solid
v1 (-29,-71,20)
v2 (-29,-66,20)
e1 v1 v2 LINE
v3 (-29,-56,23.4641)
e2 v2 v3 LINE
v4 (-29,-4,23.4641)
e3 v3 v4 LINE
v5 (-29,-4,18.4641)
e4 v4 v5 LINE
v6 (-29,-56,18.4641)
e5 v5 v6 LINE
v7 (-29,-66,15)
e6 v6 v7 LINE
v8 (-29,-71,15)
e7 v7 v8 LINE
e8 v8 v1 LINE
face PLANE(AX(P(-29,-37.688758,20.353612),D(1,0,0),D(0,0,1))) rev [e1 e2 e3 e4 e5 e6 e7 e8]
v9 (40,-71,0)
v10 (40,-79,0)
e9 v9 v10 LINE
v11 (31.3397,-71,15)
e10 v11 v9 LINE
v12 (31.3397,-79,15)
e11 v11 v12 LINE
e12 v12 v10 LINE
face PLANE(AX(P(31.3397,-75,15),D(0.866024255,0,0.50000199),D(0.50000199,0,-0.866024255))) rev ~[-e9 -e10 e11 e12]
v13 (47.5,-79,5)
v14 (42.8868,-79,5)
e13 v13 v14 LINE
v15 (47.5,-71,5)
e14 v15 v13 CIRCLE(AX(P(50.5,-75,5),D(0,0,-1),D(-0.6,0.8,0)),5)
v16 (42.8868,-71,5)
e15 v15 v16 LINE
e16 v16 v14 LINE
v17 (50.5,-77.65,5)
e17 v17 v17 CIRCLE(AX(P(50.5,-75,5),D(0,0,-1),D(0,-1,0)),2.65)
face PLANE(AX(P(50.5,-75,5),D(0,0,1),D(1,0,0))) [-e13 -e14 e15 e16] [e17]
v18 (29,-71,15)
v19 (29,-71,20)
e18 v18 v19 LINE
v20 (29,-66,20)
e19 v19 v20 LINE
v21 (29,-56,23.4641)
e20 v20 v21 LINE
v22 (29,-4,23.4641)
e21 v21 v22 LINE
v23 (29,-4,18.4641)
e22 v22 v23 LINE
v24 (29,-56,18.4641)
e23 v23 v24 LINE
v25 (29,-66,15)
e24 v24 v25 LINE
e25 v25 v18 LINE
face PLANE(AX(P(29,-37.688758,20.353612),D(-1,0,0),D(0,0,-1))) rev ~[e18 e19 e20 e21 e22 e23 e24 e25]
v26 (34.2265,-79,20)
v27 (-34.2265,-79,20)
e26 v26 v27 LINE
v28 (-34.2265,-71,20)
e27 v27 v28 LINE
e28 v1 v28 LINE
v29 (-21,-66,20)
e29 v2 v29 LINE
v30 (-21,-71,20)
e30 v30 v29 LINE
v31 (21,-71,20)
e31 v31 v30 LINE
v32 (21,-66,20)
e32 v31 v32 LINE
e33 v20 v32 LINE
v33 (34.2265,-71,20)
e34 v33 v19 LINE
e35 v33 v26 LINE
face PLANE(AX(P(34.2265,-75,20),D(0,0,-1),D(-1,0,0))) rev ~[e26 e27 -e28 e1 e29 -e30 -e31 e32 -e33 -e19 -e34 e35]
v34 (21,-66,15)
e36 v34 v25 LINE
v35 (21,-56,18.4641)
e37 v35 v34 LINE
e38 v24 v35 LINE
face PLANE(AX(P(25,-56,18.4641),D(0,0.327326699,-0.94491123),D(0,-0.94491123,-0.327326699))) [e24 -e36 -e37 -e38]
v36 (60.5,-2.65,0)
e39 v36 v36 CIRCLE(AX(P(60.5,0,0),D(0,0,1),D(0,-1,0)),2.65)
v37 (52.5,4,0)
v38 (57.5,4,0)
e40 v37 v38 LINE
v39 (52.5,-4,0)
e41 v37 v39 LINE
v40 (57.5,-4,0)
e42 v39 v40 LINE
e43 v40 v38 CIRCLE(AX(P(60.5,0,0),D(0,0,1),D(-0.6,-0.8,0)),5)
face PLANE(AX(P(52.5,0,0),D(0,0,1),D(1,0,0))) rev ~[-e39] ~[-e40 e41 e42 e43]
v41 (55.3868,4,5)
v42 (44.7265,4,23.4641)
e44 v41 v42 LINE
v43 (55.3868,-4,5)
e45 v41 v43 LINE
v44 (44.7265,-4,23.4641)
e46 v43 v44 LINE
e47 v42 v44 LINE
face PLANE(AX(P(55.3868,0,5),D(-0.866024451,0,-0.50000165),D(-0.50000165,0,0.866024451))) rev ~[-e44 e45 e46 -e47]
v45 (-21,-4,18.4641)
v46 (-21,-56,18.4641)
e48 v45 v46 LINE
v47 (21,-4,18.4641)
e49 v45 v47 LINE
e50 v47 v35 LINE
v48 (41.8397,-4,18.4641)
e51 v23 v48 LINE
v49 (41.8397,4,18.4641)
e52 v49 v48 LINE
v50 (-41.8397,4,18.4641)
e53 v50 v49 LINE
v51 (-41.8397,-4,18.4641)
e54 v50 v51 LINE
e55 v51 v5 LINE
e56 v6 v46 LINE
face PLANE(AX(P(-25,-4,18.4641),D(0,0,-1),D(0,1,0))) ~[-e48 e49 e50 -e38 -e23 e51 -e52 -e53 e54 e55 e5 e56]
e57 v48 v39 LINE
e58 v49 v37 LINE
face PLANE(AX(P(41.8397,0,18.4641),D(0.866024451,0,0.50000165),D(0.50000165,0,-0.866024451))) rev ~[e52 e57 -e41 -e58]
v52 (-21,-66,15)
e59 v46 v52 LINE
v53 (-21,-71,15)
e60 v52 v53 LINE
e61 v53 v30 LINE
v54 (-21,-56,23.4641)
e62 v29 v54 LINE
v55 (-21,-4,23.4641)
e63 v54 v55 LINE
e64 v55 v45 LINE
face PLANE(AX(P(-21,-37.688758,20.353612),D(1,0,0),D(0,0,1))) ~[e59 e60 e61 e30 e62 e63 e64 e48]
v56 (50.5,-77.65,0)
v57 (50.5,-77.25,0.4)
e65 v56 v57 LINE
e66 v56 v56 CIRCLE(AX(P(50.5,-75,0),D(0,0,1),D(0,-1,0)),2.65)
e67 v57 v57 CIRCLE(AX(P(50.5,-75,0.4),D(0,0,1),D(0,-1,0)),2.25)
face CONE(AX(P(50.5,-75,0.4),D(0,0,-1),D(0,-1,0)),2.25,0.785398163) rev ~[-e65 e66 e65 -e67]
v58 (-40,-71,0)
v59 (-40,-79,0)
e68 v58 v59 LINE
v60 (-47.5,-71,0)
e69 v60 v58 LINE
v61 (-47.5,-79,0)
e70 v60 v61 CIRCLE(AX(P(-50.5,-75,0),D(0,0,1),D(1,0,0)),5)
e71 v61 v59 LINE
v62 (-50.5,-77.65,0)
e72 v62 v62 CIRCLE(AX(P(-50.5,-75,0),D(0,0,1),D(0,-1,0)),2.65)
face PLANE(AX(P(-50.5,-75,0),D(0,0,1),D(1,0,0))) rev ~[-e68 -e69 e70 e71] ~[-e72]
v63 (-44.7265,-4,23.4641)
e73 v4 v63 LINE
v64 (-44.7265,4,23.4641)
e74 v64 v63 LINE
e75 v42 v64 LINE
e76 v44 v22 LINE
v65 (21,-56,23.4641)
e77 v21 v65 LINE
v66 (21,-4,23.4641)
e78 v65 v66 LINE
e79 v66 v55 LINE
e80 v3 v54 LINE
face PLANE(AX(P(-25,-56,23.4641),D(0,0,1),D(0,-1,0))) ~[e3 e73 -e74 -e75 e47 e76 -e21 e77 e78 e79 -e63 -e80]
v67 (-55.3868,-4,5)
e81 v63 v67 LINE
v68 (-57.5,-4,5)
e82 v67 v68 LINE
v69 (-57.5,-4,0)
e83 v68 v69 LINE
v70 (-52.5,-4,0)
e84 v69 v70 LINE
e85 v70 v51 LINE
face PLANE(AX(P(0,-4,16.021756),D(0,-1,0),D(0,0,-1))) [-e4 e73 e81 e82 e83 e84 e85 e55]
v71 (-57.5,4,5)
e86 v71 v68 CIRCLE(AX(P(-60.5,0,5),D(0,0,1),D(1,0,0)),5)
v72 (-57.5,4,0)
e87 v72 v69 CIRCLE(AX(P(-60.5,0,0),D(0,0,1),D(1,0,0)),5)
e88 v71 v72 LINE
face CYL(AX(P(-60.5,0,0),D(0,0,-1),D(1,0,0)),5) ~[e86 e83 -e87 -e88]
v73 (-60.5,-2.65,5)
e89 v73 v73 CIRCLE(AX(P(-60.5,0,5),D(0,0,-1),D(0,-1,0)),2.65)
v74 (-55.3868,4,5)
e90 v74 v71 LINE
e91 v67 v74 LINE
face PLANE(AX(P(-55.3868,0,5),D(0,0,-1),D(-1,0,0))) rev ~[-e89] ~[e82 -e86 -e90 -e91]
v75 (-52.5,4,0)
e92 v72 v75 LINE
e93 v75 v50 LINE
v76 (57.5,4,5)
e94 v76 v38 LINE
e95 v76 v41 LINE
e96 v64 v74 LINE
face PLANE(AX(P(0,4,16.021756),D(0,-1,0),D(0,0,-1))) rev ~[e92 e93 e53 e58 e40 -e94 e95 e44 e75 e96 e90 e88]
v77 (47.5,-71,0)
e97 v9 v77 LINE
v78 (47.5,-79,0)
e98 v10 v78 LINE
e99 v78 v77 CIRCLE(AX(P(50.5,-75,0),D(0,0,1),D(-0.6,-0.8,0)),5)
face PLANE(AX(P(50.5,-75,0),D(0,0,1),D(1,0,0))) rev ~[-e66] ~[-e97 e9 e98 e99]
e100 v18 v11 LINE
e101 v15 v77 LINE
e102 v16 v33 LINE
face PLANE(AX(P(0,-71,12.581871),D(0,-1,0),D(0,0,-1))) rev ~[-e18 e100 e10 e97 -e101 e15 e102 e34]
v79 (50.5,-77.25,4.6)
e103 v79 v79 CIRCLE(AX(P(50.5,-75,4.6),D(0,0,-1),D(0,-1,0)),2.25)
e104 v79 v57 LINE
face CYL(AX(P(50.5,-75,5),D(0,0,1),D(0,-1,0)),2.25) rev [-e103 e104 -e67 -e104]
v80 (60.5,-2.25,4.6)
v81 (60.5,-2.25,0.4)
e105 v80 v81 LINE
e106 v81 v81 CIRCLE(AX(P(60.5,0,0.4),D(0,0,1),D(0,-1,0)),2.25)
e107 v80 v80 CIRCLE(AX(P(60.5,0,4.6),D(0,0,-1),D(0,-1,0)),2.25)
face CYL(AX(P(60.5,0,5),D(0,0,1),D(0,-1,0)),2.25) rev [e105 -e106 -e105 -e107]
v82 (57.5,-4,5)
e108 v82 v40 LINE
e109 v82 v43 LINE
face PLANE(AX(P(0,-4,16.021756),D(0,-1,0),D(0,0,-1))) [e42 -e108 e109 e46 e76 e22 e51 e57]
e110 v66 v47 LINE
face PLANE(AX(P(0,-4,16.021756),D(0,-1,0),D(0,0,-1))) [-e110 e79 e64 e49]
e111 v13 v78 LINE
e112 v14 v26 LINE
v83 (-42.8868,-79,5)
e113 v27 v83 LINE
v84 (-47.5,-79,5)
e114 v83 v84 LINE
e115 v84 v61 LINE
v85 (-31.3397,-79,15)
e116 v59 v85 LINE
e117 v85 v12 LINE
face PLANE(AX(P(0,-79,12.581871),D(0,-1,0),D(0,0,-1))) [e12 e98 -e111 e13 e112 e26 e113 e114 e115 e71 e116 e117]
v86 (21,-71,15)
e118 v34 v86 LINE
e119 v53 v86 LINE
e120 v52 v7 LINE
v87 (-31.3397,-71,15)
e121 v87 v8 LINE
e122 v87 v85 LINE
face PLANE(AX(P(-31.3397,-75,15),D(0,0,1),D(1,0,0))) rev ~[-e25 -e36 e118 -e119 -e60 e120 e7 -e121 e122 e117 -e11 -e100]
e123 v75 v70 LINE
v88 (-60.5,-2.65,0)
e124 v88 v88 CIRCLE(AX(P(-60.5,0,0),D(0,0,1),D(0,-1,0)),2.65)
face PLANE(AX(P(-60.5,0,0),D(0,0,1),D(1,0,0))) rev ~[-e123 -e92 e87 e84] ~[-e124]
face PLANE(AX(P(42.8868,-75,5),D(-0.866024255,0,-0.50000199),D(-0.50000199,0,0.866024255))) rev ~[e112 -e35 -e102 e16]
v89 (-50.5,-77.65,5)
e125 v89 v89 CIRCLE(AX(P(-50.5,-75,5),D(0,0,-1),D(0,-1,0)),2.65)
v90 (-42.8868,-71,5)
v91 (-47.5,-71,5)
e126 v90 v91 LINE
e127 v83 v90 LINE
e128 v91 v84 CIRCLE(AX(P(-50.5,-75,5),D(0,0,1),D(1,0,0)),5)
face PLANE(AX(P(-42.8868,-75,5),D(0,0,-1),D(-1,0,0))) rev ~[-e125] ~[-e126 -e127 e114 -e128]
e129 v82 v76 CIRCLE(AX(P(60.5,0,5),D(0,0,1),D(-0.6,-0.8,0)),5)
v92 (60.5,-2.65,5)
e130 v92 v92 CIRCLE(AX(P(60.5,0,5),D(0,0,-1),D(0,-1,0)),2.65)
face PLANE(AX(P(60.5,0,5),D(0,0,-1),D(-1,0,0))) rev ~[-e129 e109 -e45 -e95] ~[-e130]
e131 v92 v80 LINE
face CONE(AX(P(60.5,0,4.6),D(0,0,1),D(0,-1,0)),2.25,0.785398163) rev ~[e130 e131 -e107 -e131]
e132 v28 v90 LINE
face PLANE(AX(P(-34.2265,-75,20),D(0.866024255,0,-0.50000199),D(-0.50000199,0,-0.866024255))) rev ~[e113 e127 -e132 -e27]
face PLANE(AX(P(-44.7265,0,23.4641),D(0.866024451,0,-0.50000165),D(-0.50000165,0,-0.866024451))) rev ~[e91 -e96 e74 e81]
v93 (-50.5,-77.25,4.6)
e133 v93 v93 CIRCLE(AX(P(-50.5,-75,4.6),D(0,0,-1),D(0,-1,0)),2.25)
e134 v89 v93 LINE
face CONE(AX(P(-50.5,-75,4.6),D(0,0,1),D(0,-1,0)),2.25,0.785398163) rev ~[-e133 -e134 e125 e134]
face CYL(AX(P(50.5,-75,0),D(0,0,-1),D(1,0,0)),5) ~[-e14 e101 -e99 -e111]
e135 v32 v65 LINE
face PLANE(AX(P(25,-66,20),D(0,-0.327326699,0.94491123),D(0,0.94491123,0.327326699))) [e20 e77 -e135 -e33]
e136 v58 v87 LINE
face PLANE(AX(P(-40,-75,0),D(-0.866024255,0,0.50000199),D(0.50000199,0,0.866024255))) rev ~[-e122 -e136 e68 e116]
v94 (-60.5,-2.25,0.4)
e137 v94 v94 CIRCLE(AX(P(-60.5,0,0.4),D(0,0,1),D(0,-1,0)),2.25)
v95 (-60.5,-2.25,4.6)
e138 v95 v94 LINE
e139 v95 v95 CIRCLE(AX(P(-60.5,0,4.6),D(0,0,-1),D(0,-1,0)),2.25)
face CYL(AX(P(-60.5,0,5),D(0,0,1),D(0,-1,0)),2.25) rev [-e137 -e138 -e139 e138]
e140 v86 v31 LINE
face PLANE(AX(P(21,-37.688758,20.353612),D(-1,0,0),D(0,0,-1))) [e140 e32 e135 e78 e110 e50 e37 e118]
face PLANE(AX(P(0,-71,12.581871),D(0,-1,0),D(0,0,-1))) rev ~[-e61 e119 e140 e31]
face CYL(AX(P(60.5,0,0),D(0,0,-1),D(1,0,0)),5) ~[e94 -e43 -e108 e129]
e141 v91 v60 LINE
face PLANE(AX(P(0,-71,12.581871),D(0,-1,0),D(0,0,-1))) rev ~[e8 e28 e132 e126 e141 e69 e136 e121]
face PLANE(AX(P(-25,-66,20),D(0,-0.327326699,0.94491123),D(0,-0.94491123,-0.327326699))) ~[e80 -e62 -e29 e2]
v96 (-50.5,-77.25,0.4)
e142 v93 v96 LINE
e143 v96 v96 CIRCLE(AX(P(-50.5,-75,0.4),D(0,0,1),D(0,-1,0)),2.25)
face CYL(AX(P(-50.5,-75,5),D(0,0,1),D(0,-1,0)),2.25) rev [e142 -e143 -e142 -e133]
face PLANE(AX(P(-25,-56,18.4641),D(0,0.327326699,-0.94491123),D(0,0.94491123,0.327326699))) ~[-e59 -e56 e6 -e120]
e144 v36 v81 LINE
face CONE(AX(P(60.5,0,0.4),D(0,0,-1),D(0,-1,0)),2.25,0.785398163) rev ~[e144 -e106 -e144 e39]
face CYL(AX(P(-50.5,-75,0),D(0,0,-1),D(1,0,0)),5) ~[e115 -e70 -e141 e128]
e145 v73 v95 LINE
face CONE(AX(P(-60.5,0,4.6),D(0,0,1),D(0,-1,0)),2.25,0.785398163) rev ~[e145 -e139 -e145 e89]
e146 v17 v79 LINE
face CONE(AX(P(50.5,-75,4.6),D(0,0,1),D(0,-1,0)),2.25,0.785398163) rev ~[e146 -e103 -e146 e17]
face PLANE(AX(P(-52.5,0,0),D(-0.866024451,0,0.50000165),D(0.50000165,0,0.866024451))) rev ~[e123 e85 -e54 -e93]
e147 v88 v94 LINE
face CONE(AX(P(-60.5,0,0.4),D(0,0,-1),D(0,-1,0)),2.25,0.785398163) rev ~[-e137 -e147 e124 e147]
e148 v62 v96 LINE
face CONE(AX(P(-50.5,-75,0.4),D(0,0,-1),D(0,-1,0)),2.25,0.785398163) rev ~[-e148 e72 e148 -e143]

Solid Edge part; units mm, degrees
sketch "Sketch1" plane through (0, 0, 0) normal (0, 0, 1) x (1, 0, 0)
  circle A0 centre (-60.5, 0) radius 5
  circle A1 centre (60.5, 0) radius 5
  circle A2 centre (50.5, -75) radius 5
  circle A3 centre (-50.5, -75) radius 5
  dimension "D1" = 10
  dimension "D2" = 10
extrude "Protrusion1" add sketch "Sketch1" along normal blind 5
sketch "Sketch2" plane through (0, 0, 0) normal (0, -1, 0) x (1, 0, 0)
  line L0 (-60.5, 0) -> (-52.5, 0)
  line L1 (-52.5, 0) -> (-41.8397, 18.4641)
  line L2 (-41.8397, 18.4641) -> (41.8397, 18.4641)
  line L3 (41.8397, 18.4641) -> (52.5, 0)
  line L4 (52.5, 0) -> (60.5, 0)
  line L5 (60.5, 5) -> (60.5, 0)
  line L6 (60.5, 5) -> (55.3868, 5)
  line L7 (55.3868, 5) -> (44.7265, 23.4641)
  line L8 (44.7265, 23.4641) -> (-44.7265, 23.4641)
  line L9 (-44.7265, 23.4641) -> (-55.3868, 5)
  line L10 (-55.3868, 5) -> (-60.5, 5)
  line L11 (-60.5, 5) -> (-60.5, 0)
  dimension "D1" = 5
  dimension "D2" = 105
  dimension "D3" = 5
extrude "larger_bow" add sketch "Sketch2" along normal mid plane 8
sketch "Sketch3" plane through (0, -75, 0) normal (0, -1, 0) x (1, 0, 0)
  line L0 (-50.5, 5) -> (-50.5, 0)
  line L1 (-50.5, 0) -> (-40, 0)
  line L2 (-40, 0) -> (-31.3397, 15)
  line L3 (-31.3397, 15) -> (31.3397, 15)
  line L4 (31.3397, 15) -> (40, 0)
  line L5 (40, 0) -> (50.5, 0)
  line L6 (50.5, 0) -> (50.5, 5)
  line L7 (50.5, 5) -> (42.8868, 5)
  line L8 (42.8868, 5) -> (34.2265, 20)
  line L9 (34.2265, 20) -> (-34.2265, 20)
  line L10 (-34.2265, 20) -> (-42.8868, 5)
  line L11 (-42.8868, 5) -> (-50.5, 5)
  dimension "D1" = 5
  dimension "D2" = 5
  dimension "D3" = 80
  dimension "D4" = 20
extrude "smaller_bow" add sketch "Sketch3" along normal mid plane 8
hole "Hole1" at (60.5, 0, 5) direction (0, 0, -1) diameter 4.5 end up to next start chamfer 0.4 start chamfer angle 45 end chamfer 0.4 end chamfer angle 45
hole "Hole2" at (50.5, -75, 5) direction (0, 0, -1) diameter 4.5 end up to next start chamfer 0.4 start chamfer angle 45 end chamfer 0.4 end chamfer angle 45
hole "Hole3" at (-50.5, -75, 5) direction (0, 0, -1) diameter 4.5 end up to next start chamfer 0.4 start chamfer angle 45 end chamfer 0.4 end chamfer angle 45
hole "Hole4" at (-60.5, 0, 5) direction (0, 0, -1) diameter 4.5 end up to next start chamfer 0.4 start chamfer angle 45 end chamfer 0.4 end chamfer angle 45
sketch "Sketch4" plane through (25, 0, 0) normal (1, 0, 0) x (0, 1, 0)
  line L0 (-71, 20) -> (-66, 20)
  line L1 (-66, 20) -> (-56, 23.4641)
  line L2 (-56, 23.4641) -> (-4, 23.4641)
  line L3 (-4, 23.4641) -> (-4, 18.4641)
  line L4 (-4, 18.4641) -> (-56, 18.4641)
  line L5 (-56, 18.4641) -> (-66, 15)
  line L6 (-66, 15) -> (-71, 15)
  line L7 (-71, 15) -> (-71, 20)
  dimension "D1" = 5
  dimension "D2" = 10
extrude "ExtrudedProtrusion_4" add sketch "Sketch4" along normal mid plane 8
mirror "Mirror1" about plane through (0, 0, 0) normal (1, 0, 0) of "ExtrudedProtrusion_4"
properties material "Polyethylene, low density"
